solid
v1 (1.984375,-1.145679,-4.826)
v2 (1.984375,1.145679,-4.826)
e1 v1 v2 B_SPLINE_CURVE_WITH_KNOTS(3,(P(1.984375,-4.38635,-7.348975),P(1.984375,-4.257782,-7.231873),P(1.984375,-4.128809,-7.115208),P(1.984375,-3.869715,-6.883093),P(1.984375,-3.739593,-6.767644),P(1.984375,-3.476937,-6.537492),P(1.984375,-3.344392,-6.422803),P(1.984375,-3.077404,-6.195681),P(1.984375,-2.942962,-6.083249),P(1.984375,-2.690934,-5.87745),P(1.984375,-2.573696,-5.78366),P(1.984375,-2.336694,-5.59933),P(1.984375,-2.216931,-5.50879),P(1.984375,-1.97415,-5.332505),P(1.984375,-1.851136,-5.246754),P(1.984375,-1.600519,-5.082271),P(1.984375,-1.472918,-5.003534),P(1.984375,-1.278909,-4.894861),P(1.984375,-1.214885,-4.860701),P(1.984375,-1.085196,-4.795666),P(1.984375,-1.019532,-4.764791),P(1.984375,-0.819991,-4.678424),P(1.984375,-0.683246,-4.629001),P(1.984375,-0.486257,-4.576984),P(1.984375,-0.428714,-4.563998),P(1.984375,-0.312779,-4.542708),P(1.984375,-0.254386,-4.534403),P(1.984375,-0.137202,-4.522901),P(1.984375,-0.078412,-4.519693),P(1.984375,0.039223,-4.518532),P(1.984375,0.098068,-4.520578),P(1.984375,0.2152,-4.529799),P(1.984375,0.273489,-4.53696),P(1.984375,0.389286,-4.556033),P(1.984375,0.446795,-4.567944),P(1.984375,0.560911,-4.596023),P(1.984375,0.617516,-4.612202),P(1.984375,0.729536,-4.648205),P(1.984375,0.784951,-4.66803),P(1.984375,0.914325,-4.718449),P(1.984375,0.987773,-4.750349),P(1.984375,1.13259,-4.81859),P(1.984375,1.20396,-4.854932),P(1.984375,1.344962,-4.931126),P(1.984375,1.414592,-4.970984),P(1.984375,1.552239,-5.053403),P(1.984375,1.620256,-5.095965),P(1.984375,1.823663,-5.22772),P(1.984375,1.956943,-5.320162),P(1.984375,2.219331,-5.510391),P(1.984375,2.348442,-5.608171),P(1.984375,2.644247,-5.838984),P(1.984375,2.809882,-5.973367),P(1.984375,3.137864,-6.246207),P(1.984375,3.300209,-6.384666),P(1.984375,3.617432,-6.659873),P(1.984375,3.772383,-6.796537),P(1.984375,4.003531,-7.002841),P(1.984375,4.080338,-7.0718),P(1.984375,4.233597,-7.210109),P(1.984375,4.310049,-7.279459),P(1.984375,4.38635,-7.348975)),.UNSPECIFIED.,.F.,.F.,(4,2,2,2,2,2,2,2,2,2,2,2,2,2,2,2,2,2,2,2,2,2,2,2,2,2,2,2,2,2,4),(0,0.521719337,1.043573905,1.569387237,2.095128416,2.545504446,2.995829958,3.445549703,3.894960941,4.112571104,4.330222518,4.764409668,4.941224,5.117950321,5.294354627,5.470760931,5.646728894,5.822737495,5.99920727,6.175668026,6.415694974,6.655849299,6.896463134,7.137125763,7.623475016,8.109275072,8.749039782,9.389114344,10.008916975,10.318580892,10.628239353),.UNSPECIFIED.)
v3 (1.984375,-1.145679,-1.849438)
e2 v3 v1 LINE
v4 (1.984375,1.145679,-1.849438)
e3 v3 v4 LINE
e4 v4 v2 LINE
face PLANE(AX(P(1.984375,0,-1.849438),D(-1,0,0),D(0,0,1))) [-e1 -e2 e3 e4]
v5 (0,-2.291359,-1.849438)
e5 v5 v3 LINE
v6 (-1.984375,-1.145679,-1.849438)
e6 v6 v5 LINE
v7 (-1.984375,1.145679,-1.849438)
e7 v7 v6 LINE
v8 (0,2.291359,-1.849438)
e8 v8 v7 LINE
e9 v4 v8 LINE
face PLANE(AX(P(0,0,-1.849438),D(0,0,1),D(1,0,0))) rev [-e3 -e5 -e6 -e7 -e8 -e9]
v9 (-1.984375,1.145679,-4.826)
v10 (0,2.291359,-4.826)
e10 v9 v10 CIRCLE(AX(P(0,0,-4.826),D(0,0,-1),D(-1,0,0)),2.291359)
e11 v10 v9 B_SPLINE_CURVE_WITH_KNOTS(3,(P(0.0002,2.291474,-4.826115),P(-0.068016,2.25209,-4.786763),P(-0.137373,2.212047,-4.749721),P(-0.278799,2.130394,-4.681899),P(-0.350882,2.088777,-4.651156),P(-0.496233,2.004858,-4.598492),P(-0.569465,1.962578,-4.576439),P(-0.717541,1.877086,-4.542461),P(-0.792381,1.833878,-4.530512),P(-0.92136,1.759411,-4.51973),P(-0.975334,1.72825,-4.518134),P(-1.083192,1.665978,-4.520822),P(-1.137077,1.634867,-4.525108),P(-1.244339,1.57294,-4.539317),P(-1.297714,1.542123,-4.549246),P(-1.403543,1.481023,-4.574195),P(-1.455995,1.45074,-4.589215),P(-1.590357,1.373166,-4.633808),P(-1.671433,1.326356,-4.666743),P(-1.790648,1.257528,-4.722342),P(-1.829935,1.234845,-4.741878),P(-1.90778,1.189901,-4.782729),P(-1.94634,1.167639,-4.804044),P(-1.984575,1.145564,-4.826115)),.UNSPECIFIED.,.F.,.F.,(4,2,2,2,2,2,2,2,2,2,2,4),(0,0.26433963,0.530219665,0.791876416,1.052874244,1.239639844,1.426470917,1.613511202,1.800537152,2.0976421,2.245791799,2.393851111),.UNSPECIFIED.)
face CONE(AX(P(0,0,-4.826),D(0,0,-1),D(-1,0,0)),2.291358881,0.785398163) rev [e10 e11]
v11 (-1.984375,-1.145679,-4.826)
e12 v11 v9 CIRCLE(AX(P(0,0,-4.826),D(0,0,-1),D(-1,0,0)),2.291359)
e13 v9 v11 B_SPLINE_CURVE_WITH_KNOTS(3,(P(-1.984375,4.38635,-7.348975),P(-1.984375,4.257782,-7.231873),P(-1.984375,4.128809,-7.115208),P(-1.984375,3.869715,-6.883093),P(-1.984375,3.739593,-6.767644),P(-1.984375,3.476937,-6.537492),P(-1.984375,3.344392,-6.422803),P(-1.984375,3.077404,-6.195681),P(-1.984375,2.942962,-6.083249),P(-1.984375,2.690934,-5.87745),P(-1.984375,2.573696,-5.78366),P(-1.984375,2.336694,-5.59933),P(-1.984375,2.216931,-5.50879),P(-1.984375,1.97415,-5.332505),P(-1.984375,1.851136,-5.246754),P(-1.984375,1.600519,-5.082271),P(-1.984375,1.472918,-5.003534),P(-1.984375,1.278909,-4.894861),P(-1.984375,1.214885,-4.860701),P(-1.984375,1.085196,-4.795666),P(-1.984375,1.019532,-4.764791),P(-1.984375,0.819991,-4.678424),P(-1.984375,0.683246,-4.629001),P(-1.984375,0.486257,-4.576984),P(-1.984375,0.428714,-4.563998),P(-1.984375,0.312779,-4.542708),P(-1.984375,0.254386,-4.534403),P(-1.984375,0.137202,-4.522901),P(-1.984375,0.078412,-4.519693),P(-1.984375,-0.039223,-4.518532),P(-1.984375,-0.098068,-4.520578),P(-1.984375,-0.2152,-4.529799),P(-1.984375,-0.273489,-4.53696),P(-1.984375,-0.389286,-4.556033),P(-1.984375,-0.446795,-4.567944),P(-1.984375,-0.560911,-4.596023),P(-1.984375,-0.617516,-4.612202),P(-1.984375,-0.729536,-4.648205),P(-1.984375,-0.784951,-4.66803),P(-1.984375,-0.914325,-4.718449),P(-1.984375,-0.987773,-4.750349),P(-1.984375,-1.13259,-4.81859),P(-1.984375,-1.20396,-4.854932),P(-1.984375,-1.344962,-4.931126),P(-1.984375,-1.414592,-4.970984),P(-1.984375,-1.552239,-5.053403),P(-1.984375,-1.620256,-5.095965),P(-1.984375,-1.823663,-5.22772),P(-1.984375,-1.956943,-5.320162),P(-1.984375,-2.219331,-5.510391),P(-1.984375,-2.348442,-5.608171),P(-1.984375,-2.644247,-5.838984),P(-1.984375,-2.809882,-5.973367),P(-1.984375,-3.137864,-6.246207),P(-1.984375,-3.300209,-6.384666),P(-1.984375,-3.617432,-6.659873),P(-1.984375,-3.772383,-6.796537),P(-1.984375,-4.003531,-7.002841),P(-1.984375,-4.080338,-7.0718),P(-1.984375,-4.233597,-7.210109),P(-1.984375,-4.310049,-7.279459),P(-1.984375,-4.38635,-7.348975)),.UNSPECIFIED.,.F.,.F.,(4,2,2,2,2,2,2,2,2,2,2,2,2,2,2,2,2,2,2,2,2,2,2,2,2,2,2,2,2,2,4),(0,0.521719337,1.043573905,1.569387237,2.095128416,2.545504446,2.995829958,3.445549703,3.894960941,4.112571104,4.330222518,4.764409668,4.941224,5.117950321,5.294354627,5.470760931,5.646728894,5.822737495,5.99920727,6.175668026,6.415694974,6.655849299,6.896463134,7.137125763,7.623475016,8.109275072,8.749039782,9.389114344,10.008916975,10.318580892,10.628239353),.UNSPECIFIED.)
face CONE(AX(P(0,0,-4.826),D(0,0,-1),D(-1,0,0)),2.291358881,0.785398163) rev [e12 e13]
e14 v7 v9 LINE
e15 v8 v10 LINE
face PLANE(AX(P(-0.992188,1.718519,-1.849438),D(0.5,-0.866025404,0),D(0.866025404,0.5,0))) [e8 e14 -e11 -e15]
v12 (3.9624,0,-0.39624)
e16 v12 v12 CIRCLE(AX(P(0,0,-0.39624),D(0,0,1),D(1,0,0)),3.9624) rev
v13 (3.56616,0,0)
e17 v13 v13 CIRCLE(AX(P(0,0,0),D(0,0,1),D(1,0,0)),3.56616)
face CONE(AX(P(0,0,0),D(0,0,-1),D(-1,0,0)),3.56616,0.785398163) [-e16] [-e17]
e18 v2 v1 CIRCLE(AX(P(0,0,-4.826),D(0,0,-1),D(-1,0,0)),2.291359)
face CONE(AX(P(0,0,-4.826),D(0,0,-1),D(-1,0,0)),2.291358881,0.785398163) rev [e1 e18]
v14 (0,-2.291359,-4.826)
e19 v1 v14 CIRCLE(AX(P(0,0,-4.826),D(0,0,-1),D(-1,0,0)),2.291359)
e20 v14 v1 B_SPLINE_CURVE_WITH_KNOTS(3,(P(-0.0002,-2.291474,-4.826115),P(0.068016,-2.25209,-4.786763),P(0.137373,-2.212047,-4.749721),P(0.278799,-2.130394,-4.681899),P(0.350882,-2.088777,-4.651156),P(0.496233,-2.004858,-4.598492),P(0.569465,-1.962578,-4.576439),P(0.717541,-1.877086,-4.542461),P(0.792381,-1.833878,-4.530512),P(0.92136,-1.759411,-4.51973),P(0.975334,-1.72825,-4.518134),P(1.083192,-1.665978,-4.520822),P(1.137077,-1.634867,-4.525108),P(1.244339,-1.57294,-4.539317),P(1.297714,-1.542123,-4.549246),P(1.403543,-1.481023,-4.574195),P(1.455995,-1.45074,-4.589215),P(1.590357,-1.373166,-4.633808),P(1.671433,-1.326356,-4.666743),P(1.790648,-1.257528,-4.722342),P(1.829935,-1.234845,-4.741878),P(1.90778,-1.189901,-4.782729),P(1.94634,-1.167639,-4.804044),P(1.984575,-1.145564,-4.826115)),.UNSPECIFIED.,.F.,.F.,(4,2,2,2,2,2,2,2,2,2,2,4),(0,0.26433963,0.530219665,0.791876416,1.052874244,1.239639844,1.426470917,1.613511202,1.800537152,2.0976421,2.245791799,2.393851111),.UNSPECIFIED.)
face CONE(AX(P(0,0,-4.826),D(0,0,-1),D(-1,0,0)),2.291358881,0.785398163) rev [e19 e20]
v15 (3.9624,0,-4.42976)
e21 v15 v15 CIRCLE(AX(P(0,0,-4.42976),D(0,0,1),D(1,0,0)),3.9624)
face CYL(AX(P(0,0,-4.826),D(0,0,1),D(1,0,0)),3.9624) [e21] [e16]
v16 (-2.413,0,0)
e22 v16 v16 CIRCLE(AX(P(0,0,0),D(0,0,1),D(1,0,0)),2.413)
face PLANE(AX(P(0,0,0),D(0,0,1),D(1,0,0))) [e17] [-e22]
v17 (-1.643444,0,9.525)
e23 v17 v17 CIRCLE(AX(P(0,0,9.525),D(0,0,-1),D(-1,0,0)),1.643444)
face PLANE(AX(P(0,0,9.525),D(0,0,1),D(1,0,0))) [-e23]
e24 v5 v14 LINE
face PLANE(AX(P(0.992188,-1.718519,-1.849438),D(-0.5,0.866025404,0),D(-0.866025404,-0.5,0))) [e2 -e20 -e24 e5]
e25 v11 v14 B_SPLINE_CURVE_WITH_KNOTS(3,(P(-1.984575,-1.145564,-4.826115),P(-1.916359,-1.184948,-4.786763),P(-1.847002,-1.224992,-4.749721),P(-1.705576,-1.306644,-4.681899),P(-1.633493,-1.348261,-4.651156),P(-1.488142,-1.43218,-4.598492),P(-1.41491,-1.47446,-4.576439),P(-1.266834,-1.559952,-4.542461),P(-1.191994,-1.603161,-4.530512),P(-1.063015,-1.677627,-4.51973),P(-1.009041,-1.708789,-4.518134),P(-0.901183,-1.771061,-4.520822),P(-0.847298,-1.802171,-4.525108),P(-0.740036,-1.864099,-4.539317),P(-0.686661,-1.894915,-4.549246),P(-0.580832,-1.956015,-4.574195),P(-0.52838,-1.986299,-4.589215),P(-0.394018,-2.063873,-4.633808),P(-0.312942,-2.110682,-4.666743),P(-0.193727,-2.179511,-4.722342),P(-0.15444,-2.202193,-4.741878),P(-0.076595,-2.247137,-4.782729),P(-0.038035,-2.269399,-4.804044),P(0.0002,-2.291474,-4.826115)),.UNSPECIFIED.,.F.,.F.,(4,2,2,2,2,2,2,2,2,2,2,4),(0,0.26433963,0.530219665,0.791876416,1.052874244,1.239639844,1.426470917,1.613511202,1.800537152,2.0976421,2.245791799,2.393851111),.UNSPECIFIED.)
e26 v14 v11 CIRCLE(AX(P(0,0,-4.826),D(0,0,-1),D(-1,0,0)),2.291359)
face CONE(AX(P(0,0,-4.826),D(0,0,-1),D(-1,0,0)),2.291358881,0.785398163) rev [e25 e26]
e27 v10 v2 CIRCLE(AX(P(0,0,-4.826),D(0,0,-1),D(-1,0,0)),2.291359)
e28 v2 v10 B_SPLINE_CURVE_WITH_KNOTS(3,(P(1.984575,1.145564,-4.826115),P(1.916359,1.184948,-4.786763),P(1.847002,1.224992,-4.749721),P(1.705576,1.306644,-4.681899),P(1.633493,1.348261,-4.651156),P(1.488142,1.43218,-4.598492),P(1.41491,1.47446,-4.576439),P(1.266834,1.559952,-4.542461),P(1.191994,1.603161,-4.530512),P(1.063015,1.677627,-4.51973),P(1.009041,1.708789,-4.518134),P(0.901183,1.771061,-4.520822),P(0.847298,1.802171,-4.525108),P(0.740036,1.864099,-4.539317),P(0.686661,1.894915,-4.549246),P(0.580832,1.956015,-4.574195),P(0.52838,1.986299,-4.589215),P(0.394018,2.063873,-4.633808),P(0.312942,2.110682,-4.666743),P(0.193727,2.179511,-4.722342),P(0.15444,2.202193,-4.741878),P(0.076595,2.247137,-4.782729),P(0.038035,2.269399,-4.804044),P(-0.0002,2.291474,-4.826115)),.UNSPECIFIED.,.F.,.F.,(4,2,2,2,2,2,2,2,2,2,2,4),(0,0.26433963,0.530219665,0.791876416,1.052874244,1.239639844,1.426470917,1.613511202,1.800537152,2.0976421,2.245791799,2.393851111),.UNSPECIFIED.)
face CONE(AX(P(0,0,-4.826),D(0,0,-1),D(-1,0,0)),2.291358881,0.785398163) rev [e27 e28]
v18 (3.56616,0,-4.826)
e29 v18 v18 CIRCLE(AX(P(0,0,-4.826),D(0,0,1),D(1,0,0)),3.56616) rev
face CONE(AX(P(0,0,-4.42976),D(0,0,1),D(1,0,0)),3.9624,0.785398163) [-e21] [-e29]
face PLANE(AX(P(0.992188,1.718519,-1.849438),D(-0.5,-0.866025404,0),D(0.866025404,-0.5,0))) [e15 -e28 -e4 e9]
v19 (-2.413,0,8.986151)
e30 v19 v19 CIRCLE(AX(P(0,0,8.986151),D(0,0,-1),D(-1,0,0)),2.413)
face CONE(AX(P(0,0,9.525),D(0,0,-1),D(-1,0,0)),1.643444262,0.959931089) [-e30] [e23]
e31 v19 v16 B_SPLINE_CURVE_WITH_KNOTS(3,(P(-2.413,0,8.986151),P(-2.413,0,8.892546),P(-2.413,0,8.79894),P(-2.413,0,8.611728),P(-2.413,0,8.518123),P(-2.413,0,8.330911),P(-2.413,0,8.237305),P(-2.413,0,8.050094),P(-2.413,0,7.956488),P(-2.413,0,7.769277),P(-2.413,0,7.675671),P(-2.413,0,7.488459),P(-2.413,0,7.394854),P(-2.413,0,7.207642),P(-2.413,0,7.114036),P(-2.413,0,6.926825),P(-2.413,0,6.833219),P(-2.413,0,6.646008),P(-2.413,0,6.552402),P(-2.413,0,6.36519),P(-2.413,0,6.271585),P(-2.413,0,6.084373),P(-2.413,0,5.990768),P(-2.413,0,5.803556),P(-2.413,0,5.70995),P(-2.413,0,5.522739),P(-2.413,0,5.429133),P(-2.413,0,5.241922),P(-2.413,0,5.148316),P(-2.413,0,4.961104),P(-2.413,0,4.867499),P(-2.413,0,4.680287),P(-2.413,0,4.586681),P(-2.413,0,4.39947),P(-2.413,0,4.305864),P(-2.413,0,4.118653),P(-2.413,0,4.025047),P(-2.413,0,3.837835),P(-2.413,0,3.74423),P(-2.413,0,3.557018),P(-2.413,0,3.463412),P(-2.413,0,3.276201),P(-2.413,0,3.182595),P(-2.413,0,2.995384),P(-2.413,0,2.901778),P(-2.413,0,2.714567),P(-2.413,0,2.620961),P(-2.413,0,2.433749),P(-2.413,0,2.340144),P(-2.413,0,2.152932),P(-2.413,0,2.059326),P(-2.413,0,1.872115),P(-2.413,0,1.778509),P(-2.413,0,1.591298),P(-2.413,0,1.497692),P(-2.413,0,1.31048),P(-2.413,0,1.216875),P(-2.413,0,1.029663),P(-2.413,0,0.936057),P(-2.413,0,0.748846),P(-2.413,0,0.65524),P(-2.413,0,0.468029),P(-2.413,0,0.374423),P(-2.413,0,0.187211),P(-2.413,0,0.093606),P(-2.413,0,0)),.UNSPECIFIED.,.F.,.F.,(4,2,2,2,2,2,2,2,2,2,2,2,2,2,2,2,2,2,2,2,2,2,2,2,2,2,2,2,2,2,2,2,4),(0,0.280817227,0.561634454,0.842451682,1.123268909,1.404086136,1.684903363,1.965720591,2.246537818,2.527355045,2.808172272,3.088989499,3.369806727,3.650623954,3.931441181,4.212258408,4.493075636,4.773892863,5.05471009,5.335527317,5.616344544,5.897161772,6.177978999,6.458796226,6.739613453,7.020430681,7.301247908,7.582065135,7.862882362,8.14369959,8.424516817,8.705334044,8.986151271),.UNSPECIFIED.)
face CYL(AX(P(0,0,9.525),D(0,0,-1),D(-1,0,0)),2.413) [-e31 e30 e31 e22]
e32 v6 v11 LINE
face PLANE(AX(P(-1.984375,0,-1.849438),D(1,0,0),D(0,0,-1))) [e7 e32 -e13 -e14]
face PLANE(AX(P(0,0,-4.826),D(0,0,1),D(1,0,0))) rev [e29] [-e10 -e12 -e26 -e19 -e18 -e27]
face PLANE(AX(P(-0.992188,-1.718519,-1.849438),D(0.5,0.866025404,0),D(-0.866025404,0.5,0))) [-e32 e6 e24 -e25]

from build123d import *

# Parameters (mm, degrees)
SKETCH1_R           = 2.413
BOSS_EXTRUDE1_DEPTH = 9.525
SKETCH3_R           = 3.9624
BOSS_EXTRUDE2_DEPTH = 4.826
CUT_EXTRUDE1_START  = -4.826
CUT_EXTRUDE1_DEPTH  = 2.9765625
CHAMFER1_SIZE       = 0.39624


with BuildPart() as part:
    # Sketch1 → Boss-Extrude1 (new body)
    with BuildSketch(Plane.XY):
        with Locations(Location((0, 0, 0), (0, 0, 180))):
            Circle(SKETCH1_R)
    extrude(amount=BOSS_EXTRUDE1_DEPTH)

    # Sketch2 → Cut-Revolve1 (revolve, cut)
    with BuildSketch(Plane(origin=(0, 0, 0), x_dir=(0, 0, -1), z_dir=(1, 0, 0)), mode=Mode.PRIVATE) as cut_revolve1_sk:
        Polygon((-9.525, 2.413), (-9.525, 1.643444262), (-8.986151271, 2.413), align=None)
    revolve(cut_revolve1_sk.sketch.rotate(Axis((0, 0, 0), (0, 0, 1)), 90), axis=Axis((0, 0, 0), (0, 0, 1)), mode=Mode.SUBTRACT)

    # Sketch3 → Boss-Extrude2 (add)
    with BuildSketch(Plane.XY):
        Circle(SKETCH3_R)
    extrude(amount=-BOSS_EXTRUDE2_DEPTH)

    # Sketch4 → Cut-Extrude1 (cut)
    with BuildSketch(Plane.XY.offset(CUT_EXTRUDE1_START)):
        Polygon((0, -2.291358881), (1.984375, -1.14567944), (1.984375, 1.14567944), (0, 2.291358881), (-1.984375, 1.14567944), (-1.984375, -1.14567944), align=None)
    extrude(amount=CUT_EXTRUDE1_DEPTH, mode=Mode.SUBTRACT)

    # Cut-Extrude2 cone 1 section (through the dimple's axis) → Cut-Extrude2 (revolve, cut)
    with BuildSketch(Plane(origin=(0, 0, -4.826), x_dir=(0, 1, 0), z_dir=(1, 0, 0))):
        Polygon((0, 0), (2.291358881, 0), (0, 2.291358881), align=None)
    revolve(axis=Axis((0, 0, -4.826), (0, 0, 1)), mode=Mode.SUBTRACT)

    # Chamfer1
    chamfer1_edges = [part.edges().sort_by_distance(p)[0] for p in [
        (-3.9624, 0, -4.826),
        (-3.9624, 0, 0),
    ]]
    chamfer(chamfer1_edges, length=CHAMFER1_SIZE)


solid = part.part
